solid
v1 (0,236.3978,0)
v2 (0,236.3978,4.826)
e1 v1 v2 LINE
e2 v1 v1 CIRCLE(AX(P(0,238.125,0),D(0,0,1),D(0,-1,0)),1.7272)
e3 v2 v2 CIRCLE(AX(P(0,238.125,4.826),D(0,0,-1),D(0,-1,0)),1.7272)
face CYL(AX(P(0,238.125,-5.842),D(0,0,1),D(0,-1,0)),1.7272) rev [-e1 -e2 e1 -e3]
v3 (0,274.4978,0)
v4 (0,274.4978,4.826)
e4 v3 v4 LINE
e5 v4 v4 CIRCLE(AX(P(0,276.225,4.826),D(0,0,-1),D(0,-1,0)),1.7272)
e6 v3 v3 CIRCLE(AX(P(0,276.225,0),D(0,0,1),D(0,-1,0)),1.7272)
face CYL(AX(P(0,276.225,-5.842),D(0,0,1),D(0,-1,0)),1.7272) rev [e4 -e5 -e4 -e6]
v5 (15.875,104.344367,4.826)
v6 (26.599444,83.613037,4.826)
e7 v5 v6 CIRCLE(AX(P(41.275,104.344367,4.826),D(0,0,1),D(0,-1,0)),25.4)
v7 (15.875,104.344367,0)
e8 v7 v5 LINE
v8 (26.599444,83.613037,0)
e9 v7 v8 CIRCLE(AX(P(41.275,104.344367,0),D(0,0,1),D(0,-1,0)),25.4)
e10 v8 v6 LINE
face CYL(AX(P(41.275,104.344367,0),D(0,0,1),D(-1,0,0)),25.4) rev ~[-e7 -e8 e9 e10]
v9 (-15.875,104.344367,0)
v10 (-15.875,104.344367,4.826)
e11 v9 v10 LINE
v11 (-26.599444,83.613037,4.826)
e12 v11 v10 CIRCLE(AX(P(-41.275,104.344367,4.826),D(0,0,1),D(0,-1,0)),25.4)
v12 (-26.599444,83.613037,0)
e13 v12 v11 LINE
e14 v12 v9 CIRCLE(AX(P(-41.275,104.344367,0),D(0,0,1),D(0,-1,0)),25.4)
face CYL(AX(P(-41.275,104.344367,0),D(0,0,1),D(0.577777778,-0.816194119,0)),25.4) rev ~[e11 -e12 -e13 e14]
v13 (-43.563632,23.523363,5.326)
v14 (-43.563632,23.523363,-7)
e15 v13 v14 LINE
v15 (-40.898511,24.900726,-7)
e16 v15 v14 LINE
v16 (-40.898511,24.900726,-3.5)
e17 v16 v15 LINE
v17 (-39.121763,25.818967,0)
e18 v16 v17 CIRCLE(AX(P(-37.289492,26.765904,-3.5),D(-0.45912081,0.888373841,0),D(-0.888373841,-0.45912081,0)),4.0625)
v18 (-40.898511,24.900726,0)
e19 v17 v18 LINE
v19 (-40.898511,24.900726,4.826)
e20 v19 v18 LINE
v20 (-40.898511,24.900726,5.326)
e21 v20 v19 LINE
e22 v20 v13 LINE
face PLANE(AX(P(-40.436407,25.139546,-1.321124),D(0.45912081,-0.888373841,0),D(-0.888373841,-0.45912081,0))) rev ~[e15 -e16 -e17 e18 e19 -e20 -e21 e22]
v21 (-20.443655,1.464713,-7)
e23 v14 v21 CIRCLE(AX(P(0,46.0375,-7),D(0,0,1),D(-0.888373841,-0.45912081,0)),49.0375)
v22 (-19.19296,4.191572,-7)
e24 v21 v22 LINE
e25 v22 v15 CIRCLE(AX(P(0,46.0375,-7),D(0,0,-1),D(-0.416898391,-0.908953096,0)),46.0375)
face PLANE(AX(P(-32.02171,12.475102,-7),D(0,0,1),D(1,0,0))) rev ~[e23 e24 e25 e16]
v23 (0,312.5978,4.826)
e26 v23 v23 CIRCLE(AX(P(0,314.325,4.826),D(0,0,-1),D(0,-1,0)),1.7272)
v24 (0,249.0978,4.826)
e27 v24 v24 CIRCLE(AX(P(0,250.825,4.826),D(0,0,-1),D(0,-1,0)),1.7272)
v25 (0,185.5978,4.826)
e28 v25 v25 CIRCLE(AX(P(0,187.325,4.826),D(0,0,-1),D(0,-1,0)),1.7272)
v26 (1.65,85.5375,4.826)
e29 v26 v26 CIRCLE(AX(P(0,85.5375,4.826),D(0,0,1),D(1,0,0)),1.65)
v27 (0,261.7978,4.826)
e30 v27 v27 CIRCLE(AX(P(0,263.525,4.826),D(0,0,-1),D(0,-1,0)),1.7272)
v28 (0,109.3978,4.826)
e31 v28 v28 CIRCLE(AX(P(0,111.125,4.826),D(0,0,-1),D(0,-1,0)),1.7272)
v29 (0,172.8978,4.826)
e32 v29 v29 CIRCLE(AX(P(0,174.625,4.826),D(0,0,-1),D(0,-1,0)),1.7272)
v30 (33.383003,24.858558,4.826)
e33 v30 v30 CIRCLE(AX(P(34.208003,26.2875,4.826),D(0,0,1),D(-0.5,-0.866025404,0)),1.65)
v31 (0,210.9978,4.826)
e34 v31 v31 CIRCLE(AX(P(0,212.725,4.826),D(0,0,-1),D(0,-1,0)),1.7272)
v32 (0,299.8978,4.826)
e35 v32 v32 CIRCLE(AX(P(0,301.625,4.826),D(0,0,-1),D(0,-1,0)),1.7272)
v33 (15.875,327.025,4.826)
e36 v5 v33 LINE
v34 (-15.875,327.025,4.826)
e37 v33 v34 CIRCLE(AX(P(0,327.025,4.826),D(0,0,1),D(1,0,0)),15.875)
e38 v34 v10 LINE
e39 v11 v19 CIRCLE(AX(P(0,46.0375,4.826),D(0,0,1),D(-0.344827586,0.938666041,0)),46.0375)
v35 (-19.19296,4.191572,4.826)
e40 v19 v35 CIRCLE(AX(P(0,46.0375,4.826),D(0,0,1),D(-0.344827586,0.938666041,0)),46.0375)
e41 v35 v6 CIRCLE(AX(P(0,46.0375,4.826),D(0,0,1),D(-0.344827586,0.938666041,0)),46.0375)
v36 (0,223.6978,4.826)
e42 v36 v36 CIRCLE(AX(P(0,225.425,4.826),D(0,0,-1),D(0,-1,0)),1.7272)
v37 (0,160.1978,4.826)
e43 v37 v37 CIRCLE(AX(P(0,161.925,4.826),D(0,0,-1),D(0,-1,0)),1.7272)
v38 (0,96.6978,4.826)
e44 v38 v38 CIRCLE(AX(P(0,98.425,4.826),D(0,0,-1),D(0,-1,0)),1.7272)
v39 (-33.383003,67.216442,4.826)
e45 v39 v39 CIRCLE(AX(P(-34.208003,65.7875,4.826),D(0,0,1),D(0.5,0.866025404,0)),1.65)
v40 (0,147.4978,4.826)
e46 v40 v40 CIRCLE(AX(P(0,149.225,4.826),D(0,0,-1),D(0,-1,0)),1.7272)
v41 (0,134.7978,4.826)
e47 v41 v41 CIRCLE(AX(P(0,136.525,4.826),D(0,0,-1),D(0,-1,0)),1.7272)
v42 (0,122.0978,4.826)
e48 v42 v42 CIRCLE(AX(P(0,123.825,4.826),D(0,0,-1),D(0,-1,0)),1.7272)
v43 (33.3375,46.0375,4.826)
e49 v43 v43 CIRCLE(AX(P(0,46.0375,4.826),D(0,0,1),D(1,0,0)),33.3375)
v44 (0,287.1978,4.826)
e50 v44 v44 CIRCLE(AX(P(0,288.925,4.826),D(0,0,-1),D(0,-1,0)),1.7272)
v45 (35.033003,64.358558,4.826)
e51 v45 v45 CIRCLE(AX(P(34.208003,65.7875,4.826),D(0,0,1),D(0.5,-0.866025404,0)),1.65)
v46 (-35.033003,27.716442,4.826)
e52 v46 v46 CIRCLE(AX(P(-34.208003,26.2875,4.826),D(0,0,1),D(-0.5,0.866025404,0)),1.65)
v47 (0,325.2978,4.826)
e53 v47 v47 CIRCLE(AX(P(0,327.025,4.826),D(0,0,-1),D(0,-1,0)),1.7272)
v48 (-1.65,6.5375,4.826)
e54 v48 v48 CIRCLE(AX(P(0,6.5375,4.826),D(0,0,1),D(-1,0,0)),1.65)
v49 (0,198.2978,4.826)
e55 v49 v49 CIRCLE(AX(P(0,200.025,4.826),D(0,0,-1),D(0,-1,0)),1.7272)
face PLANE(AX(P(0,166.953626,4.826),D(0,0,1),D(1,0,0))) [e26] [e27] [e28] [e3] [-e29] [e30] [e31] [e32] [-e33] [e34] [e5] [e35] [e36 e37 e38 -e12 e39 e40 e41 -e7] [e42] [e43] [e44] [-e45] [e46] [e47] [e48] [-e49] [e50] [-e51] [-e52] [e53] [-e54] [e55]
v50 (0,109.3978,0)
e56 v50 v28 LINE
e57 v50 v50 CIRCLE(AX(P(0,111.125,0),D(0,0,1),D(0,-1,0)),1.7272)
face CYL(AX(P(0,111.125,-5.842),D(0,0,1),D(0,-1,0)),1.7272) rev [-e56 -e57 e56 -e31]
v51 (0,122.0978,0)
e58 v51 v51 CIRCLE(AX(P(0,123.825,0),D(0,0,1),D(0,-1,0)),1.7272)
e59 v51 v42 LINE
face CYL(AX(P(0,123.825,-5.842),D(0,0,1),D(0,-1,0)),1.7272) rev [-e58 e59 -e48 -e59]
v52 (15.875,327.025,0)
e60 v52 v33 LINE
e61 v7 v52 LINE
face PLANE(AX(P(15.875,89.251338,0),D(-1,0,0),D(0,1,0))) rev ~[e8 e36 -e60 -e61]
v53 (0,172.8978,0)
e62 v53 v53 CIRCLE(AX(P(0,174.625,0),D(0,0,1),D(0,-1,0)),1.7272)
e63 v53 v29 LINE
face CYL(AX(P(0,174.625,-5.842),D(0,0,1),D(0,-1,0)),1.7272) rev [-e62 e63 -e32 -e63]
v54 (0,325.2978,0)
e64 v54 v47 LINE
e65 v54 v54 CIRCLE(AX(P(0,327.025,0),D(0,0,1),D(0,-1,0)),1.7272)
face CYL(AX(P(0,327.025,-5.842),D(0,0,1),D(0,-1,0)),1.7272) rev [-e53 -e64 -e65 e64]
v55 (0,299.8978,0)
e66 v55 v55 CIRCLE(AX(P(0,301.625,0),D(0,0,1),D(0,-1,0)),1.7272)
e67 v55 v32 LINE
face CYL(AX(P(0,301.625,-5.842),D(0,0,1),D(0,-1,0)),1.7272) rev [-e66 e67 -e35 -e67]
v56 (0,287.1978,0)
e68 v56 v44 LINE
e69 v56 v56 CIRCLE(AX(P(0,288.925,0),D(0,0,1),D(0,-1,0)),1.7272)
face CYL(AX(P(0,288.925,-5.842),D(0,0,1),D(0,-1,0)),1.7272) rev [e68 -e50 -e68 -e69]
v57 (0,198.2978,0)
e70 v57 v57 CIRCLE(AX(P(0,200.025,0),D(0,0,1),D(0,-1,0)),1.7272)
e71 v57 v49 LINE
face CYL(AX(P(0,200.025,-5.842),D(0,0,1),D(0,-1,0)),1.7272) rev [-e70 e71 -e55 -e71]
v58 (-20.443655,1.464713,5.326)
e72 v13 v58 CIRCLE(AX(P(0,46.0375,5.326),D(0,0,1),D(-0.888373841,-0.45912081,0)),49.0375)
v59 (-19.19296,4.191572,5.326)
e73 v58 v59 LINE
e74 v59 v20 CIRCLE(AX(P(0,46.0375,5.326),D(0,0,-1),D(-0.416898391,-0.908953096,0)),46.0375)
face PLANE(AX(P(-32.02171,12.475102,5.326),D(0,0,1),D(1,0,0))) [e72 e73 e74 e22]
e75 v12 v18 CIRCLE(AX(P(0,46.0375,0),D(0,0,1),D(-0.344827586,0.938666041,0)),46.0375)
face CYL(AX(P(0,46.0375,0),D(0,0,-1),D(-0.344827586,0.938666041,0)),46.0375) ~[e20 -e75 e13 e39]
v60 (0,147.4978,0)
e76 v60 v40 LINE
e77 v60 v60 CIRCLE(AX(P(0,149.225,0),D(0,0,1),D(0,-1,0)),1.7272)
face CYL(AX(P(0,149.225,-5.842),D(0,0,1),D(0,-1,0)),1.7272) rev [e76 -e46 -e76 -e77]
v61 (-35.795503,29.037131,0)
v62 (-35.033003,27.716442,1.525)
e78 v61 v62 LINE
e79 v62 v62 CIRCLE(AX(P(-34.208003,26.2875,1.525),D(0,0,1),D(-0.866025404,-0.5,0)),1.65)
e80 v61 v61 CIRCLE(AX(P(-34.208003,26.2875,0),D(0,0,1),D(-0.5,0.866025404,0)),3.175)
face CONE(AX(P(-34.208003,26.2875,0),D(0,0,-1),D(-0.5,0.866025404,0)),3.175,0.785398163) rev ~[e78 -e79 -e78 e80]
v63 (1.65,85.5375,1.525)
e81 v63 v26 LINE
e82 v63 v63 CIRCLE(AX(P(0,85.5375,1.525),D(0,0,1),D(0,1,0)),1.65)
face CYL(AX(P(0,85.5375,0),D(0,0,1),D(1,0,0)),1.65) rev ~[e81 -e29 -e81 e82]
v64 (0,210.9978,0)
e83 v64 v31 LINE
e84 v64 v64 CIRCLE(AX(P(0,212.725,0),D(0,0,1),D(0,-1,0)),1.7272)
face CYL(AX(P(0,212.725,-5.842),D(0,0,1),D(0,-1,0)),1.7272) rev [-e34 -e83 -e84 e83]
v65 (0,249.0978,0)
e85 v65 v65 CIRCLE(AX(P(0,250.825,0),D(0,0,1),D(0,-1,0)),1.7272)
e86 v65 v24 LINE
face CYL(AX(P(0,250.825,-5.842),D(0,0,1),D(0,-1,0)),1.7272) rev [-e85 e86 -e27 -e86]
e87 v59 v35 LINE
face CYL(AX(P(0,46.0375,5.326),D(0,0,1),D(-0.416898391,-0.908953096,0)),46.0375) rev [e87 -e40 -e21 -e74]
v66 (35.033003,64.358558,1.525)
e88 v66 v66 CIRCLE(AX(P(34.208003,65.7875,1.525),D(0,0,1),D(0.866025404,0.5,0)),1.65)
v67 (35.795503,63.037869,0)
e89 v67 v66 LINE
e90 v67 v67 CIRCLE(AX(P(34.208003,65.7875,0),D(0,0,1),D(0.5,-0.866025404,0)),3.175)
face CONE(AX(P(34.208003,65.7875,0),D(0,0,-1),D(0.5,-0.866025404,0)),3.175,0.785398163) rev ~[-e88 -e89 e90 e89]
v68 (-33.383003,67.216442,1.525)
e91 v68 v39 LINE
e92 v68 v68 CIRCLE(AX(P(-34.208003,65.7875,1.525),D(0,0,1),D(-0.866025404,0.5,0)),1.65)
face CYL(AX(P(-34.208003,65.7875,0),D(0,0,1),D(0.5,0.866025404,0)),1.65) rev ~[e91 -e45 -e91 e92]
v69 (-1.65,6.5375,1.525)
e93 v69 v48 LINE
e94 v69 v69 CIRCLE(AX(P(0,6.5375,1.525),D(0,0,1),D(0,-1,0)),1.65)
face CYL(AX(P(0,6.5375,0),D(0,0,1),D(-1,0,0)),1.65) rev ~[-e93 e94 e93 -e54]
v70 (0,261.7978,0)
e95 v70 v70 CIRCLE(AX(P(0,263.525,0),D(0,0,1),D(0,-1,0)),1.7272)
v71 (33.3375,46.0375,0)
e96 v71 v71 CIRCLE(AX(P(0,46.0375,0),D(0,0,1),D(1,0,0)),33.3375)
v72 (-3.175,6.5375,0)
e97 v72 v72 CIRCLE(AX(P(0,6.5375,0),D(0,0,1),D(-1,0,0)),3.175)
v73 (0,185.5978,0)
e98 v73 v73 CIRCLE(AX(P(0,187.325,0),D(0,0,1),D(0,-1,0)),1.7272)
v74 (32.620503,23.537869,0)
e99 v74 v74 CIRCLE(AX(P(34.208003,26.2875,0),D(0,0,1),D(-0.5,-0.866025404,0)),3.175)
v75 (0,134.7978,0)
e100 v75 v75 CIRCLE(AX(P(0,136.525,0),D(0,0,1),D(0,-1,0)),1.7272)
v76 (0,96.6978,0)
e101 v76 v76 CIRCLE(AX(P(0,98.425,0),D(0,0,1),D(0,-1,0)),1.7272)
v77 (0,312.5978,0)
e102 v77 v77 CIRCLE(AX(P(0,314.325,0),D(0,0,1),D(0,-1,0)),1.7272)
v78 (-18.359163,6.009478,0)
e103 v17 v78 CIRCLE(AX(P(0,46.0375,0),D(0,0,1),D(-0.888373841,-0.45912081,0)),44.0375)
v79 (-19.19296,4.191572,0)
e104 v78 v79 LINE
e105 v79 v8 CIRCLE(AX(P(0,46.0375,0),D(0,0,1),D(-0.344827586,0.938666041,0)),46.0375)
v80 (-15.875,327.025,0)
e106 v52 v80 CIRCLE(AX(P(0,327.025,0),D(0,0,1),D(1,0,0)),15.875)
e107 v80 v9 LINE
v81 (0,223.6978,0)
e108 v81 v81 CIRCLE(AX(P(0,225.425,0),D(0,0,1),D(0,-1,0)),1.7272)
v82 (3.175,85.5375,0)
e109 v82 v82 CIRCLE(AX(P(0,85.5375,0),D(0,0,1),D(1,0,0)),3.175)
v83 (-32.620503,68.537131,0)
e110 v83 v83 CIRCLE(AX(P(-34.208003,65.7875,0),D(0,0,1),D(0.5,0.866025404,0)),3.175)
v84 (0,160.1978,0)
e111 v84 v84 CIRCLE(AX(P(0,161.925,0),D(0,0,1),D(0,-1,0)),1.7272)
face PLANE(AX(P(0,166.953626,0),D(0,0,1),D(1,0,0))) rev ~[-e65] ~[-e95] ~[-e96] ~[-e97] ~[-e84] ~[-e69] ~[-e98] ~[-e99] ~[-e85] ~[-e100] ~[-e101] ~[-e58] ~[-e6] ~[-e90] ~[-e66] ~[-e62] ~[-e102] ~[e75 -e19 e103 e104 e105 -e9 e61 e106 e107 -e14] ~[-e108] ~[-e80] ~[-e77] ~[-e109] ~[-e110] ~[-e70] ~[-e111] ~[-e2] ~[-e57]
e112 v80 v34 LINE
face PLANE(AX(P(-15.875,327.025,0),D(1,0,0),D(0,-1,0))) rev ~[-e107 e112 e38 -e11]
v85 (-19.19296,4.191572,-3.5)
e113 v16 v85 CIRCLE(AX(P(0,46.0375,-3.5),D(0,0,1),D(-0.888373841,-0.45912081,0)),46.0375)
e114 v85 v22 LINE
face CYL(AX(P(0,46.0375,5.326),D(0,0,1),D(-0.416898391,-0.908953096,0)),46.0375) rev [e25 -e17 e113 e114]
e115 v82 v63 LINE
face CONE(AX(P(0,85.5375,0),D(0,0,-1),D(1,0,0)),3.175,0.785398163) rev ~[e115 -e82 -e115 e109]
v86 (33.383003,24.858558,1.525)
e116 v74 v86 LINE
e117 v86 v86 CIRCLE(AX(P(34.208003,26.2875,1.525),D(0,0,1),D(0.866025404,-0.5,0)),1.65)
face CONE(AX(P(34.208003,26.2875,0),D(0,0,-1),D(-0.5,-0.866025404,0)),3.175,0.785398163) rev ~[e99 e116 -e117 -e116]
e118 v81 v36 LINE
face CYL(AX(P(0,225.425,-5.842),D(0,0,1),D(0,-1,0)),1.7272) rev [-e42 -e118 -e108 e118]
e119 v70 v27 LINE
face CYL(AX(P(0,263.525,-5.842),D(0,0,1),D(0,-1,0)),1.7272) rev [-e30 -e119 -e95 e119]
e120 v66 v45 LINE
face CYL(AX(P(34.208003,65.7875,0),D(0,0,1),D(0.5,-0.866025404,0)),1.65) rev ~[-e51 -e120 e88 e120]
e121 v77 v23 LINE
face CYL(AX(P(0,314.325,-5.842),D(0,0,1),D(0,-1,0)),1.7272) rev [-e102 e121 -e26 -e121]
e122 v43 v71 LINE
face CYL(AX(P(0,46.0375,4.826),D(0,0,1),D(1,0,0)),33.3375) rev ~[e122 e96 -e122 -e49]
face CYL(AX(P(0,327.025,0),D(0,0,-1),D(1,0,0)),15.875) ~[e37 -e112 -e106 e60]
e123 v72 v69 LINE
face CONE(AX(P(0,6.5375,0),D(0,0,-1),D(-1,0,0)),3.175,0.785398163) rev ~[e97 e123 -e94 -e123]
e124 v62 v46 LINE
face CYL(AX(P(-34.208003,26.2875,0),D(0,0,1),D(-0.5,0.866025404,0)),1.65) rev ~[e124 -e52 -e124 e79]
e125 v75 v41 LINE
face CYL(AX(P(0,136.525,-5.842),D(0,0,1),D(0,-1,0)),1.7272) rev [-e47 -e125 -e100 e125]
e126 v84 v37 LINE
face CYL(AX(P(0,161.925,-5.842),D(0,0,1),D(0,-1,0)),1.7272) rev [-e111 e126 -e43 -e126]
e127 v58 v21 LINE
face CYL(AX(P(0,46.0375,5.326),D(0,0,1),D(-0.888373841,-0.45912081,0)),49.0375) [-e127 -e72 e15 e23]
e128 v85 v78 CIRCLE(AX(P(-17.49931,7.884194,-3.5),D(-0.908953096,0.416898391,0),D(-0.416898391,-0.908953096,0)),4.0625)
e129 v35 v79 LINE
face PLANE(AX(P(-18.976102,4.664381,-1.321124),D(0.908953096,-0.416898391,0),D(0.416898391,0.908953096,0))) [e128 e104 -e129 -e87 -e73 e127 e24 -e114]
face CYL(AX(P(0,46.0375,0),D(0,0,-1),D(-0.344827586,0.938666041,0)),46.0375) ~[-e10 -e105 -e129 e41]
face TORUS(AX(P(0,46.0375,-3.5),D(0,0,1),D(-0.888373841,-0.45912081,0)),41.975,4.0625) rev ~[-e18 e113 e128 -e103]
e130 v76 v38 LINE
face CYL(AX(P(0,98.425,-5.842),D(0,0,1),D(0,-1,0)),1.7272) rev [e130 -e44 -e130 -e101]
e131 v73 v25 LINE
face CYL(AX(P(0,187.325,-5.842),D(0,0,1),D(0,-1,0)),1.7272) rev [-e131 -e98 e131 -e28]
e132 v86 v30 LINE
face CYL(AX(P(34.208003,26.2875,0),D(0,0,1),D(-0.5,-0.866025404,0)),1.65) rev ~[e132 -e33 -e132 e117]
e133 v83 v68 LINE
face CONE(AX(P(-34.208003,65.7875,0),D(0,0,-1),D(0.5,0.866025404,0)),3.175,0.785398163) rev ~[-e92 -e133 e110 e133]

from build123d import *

# Parameters (mm, degrees)
BOSS_EXTRUDE1_DEPTH                             = 4.826
SKETCH2_R                                       = 33.3375
CUT_EXTRUDE1_DEPTH                              = 347.01033464659696
FILLET1_R                                       = 25.400000000000002
LPATTERN2_COUNT                                 = 19
LPATTERN2_PITCH                                 = 12.7
CSK_FOR_M3_FLAT_HEAD_MACHINE_SCREW1_D           = 3.3
CSK_FOR_M3_FLAT_HEAD_MACHINE_SCREW1_CSINK_D     = 6.35
CSK_FOR_M3_FLAT_HEAD_MACHINE_SCREW1_CSINK_ANGLE = 90
CIRPATTERN1_COUNT                               = 6
BOSS_EXTRUDE2_DEPTH                             = 7
BOSS_EXTRUDE2_DEPTH_BACK                        = 5.326


with BuildPart() as part:
    # Sketch1 → Boss-Extrude1 (new body)
    with BuildSketch(Plane.XY):
        with BuildLine():
            Line((15.875, 89.25133784449143), (15.875, 327.02500000000003))
            ThreePointArc((15.875, 327.02500000000003), (3.68e-15, 342.90000000000003), (-15.875, 327.02500000000003))
            Line((-15.875, 327.02500000000003), (-15.875, 89.25133784449143))
            ThreePointArc((-15.875, 89.25133784449143), (-8.46e-15, 7.11e-15), (15.875, 89.25133784449143))
        make_face()
    extrude(amount=BOSS_EXTRUDE1_DEPTH)

    # Sketch2 → Cut-Extrude1 (cut, through all)
    with BuildSketch(Plane.XY.offset(4.826)):
        with Locations((0, 46.0375)):
            Circle(SKETCH2_R)
    extrude(amount=-CUT_EXTRUDE1_DEPTH, mode=Mode.SUBTRACT)

    # Fillet1
    fillet1_edges = [part.edges().sort_by_distance(p)[0] for p in [
        (15.875000000000002, 89.25133784449145, 2.413),
        (-15.874999999999998, 89.25133784449142, 2.413),
    ]]
    fillet(fillet1_edges, radius=FILLET1_R)

    # Sketch4 → #8-32 Tapped Hole1 (revolve, cut)
    with BuildSketch(Plane(origin=(2.71e-15, 327.02500000000003, 4.826), x_dir=(0, -1, 0), z_dir=(1, 0, 0))):
        Polygon((0, 0), (-2.87e-15, 11.705806461184395), (1.7271999999999874, 10.667999999999997), (1.7271999999999894, -1.34e-15), align=None)
    f_8_32_tapped_hole1 = revolve(axis=Axis((2.71e-15, 327.02500000000003, 11.175999999999991), (0, 0, -1)), mode=Mode.SUBTRACT)

    # LPattern2: #8-32 Tapped Hole1 ×19
    with Locations(*[(0, -i * LPATTERN2_PITCH, 0) for i in range(1, LPATTERN2_COUNT)]):
        add(f_8_32_tapped_hole1, mode=Mode.SUBTRACT)

    # CSK for M3 Flat Head Machine Screw1 (through all)
    with Locations(Plane(origin=(0, 0, 0), x_dir=(-1, 0, 0), z_dir=(0, 0, -1))):
        with Locations((0, 85.537499994)):
            csk_for_m3_flat_head_machine_screw1 = CounterSinkHole(CSK_FOR_M3_FLAT_HEAD_MACHINE_SCREW1_D / 2, CSK_FOR_M3_FLAT_HEAD_MACHINE_SCREW1_CSINK_D / 2, counter_sink_angle=CSK_FOR_M3_FLAT_HEAD_MACHINE_SCREW1_CSINK_ANGLE)

    # CirPattern1: CSK for M3 Flat Head Machine Screw1 ×6 about axis
    cirpattern1_axis = Axis((0, 46.0375, 4.826), (0, 0, -1))
    for i in range(1, CIRPATTERN1_COUNT):
        add(csk_for_m3_flat_head_machine_screw1.rotate(cirpattern1_axis, i * 360 / CIRPATTERN1_COUNT), mode=Mode.SUBTRACT)

    # Sketch10 → Boss-Extrude2 (add, two sides: drawn at the far end of the back side and taken through both)
    with BuildSketch(Plane(origin=(0, 0, 0), x_dir=(-1, 0, 0), z_dir=(0, 0, -1)).offset(-BOSS_EXTRUDE2_DEPTH_BACK)):
        with BuildLine():
            Line((43.56363224338846, 23.52336328519776), (40.89851071944933, 24.900725714856833))
            ThreePointArc((40.89851071944933, 24.90072571485683), (31.779922400083834, 12.728523154491043), (19.192959693323502, 4.19157182938271))
            Line((19.192959693323495, 4.19157182938271), (20.443654867474322, 1.4647125405018753))
            ThreePointArc((20.443654867474315, 1.4647125405018642), (33.850837788631225, 10.557968051878447), (43.56363224338847, 23.52336328519776))
        make_face()
    extrude(amount=BOSS_EXTRUDE2_DEPTH + BOSS_EXTRUDE2_DEPTH_BACK)

    # Sweep2: sweep along a curve in space
    with BuildLine() as sweep2_path:
        ThreePointArc((-40.89851071944929, 24.900725714856783, 1.73e-15), (-31.779922400083795, 12.728523154491036, 9.2e-16), (-19.192959693323488, 4.191571829382735, 0))
    # Sketch12 → Sweep2 (sweep)
    with BuildSketch(Plane(origin=(-17.445500140285052, 8.001514022037082, 0), x_dir=(0, 0, -1), z_dir=(0.908953096293619, -0.41689839138361184, 0))):
        with BuildLine():
            Line((0, -4.191571829382516), (3.5, -4.191571829382516))
            ThreePointArc((3.5, -4.191571829382516), (1.4844355629253627, -3.6563095942631314), (0, -2.1915718293825166))
            Line((0, -2.1915718293825166), (0, -4.191571829382516))
        make_face()
    sweep(path=sweep2_path.line)


solid = part.part
